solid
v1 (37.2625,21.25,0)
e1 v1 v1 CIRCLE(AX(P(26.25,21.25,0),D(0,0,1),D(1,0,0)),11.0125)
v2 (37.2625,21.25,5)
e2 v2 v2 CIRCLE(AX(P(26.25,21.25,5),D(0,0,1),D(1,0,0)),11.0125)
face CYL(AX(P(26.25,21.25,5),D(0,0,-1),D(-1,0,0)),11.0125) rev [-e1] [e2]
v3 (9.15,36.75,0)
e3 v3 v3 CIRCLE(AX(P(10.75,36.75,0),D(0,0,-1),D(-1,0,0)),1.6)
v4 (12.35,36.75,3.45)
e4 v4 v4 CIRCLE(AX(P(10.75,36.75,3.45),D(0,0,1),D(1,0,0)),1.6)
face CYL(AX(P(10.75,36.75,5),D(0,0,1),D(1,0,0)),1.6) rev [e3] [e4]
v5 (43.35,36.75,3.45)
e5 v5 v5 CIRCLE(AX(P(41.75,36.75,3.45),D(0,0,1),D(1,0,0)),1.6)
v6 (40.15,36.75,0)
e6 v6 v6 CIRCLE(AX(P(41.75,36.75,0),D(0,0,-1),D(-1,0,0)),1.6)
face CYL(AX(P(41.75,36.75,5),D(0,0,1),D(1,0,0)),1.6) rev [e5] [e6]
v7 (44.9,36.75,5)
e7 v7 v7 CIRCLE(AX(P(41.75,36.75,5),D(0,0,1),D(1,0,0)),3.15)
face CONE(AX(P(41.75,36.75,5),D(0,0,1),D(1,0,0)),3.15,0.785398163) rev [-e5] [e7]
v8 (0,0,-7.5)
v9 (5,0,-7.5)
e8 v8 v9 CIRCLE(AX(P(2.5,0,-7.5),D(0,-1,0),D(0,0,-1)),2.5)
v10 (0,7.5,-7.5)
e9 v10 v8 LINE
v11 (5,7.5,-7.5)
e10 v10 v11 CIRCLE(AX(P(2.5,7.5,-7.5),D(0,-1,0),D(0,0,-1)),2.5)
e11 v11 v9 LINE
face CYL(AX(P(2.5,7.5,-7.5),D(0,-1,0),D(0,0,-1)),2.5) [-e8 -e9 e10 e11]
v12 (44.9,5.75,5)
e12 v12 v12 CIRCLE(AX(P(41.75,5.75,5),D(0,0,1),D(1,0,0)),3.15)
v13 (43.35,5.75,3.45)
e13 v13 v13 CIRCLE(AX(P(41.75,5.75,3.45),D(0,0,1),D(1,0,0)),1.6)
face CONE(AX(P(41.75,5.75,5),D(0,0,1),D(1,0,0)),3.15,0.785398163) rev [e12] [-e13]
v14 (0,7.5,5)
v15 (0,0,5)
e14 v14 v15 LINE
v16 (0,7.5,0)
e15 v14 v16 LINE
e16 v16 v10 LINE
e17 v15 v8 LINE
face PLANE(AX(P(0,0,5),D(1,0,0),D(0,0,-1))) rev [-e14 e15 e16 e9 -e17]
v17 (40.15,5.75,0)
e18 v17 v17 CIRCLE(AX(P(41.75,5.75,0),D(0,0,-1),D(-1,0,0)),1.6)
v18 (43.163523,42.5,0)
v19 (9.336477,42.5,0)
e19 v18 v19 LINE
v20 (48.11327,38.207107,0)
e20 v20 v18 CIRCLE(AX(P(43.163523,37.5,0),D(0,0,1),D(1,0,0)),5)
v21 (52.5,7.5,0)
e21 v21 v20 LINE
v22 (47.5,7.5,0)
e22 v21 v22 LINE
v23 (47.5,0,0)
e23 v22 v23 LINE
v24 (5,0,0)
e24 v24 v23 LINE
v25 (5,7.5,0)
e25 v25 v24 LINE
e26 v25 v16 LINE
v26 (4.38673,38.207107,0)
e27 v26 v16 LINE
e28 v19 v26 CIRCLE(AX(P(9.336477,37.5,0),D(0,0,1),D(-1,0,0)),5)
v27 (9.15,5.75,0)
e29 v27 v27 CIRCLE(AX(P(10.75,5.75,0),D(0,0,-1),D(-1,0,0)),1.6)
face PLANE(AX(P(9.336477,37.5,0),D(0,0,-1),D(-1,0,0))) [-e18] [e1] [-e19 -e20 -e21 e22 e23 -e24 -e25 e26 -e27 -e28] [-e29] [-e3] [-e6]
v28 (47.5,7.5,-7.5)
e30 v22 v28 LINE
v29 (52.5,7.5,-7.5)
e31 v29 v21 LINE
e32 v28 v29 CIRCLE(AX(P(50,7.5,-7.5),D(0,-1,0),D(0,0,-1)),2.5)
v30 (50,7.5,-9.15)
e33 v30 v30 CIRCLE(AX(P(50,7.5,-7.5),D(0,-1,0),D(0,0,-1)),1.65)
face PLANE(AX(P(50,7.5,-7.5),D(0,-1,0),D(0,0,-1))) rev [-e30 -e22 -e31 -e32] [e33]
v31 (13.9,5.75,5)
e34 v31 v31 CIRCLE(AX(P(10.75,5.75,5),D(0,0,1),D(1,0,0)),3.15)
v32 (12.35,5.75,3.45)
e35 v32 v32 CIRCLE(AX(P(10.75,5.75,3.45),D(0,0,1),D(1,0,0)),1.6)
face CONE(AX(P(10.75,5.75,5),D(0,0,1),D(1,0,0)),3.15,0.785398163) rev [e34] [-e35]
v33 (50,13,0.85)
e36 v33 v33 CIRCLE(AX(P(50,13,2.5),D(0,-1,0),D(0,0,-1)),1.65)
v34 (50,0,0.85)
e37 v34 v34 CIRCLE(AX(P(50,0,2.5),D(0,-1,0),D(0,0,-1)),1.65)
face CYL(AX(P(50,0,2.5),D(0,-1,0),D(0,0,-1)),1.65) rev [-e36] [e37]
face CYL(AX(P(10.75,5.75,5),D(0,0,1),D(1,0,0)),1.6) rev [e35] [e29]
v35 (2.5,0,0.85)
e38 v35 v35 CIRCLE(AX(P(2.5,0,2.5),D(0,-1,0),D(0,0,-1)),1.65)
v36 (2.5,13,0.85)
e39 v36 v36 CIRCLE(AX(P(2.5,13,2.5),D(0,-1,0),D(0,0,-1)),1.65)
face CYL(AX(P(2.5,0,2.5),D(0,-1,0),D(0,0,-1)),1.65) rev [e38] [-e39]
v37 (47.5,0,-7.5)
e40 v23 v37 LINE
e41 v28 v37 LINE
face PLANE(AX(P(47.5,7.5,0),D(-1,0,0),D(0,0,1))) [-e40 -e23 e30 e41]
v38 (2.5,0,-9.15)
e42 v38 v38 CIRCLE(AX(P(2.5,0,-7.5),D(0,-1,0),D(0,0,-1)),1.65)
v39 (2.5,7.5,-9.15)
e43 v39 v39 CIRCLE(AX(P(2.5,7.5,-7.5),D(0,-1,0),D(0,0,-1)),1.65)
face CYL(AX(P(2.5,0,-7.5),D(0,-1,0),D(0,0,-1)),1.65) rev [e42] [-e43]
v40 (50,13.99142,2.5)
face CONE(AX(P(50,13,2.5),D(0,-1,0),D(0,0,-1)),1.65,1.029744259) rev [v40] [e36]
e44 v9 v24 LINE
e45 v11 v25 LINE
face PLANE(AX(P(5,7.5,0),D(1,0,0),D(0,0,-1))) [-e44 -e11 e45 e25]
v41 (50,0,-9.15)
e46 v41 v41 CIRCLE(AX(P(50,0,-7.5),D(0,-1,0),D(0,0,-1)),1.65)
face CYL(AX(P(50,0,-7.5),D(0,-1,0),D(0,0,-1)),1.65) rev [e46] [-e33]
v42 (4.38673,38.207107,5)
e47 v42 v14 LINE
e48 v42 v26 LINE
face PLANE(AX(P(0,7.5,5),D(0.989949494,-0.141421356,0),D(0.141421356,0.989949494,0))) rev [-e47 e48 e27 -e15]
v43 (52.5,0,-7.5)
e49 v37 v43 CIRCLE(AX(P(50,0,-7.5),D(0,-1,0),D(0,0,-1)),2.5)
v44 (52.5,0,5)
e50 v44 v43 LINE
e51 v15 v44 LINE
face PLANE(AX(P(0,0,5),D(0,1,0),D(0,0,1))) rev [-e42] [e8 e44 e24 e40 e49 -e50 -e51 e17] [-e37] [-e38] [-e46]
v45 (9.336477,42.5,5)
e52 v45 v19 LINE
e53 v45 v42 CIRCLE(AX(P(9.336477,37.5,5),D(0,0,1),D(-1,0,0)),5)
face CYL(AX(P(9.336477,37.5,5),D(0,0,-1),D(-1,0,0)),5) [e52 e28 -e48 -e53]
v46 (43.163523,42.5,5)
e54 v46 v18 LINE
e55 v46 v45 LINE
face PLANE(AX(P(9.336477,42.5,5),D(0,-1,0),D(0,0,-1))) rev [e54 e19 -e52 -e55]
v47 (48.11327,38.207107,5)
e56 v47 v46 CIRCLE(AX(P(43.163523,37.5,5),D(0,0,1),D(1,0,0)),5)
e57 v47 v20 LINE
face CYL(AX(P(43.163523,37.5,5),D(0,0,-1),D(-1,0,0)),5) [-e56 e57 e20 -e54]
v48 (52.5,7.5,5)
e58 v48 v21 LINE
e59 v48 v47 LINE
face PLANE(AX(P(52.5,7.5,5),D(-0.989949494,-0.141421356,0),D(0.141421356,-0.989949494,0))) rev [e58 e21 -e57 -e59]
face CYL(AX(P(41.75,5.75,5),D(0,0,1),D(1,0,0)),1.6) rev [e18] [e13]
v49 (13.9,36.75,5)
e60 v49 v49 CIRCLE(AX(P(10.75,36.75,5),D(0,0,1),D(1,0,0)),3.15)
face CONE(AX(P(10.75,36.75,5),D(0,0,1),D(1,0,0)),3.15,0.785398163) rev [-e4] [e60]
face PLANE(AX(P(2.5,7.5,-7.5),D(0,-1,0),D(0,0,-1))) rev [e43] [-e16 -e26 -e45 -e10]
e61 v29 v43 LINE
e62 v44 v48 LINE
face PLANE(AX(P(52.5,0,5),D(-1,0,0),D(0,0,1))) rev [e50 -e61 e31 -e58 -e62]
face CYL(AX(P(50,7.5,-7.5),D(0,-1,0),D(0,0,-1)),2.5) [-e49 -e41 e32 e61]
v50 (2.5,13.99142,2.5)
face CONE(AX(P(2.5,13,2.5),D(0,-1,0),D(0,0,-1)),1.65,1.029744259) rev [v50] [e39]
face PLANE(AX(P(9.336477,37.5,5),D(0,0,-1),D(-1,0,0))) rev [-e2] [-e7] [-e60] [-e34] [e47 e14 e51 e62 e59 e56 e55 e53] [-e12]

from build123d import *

# Parameters (mm, degrees)
SKIZZE1_R                                            = 11.0125
AUFSATZ_LINEAR_AUSTRAGEN1_DEPTH                      = 5
AUFSATZ_LINEAR_AUSTRAGEN2_DEPTH                      = 7.5
FORMSENKUNG_F_R_M3_SENKSCHRAUBE_MIT_SCHL_D           = 3.2
FORMSENKUNG_F_R_M3_SENKSCHRAUBE_MIT_SCHL_CSINK_D     = 6.3
FORMSENKUNG_F_R_M3_SENKSCHRAUBE_MIT_SCHL_CSINK_ANGLE = 90
M4_GEWINDEBOHRUNG2_D                                 = 3.3
M4_GEWINDEBOHRUNG2_DEPTH                             = 13
M4_GEWINDEBOHRUNG2_TIP                               = 0.991420021


with BuildPart() as part:
    # Skizze1 → Aufsatz-Linear austragen1 (new body)
    with BuildSketch(Plane.XY):
        with BuildLine():
            Line((52.5, 7.5), (48.11327046, 38.207106781))
            ThreePointArc((48.11327046, 38.207106781), (46.439531698, 41.277269775), (43.163522992, 42.5))
            Line((43.163522992, 42.5), (9.336477008, 42.5))
            ThreePointArc((9.336477008, 42.5), (6.060468302, 41.277269775), (4.38672954, 38.207106781))
            Line((4.38672954, 38.207106781), (0, 7.5))
            Line((0, 7.5), (0, 0))
            Line((0, 0), (52.5, 0))
            Line((52.5, 0), (52.5, 7.5))
        make_face()
        with Locations((26.25, 21.25)):
            Circle(SKIZZE1_R, mode=Mode.SUBTRACT)
    extrude(amount=AUFSATZ_LINEAR_AUSTRAGEN1_DEPTH)

    # Skizze4 → Aufsatz-Linear austragen2 (add)
    with BuildSketch(Plane.XZ):
        with BuildLine():
            Line((52.5, 0), (47.5, 0))
            Line((47.5, 0), (47.5, -7.5))
            ThreePointArc((47.5, -7.5), (50, -10), (52.5, -7.5))
            Line((52.5, -7.5), (52.5, 0))
        make_face()
        with BuildLine():
            Line((0, 0), (5, 0))
            Line((5, 0), (5, -7.5))
            ThreePointArc((5, -7.5), (2.5, -10), (0, -7.5))
            Line((0, -7.5), (0, 0))
        make_face()
    extrude(amount=-AUFSATZ_LINEAR_AUSTRAGEN2_DEPTH)

    # Formsenkung für M3 Senkschraube mit Schlitz/Kreuzschlitz1 (through all)
    with Locations(Plane.XY.offset(5)):
        with Locations((10.75, 36.75), (41.75, 5.75), (10.75, 5.75), (41.75, 36.75)):
            CounterSinkHole(FORMSENKUNG_F_R_M3_SENKSCHRAUBE_MIT_SCHL_D / 2, FORMSENKUNG_F_R_M3_SENKSCHRAUBE_MIT_SCHL_CSINK_D / 2, counter_sink_angle=FORMSENKUNG_F_R_M3_SENKSCHRAUBE_MIT_SCHL_CSINK_ANGLE)

    # M4 Gewindebohrung2
    with Locations(Plane(origin=(0, 0, 0), x_dir=(-1, 0, 0), z_dir=(0, -1, 0))):
        with Locations((-2.5, 7.5), (-50, 7.5), (-50, -2.5), (-2.5, -2.5)):
            Hole(M4_GEWINDEBOHRUNG2_D / 2, depth=M4_GEWINDEBOHRUNG2_DEPTH)
            with Locations((0, 0, -(M4_GEWINDEBOHRUNG2_DEPTH + M4_GEWINDEBOHRUNG2_TIP / 2))):  # 118° drill point
                Cone(0, M4_GEWINDEBOHRUNG2_D / 2, M4_GEWINDEBOHRUNG2_TIP, mode=Mode.SUBTRACT)


solid = part.part
